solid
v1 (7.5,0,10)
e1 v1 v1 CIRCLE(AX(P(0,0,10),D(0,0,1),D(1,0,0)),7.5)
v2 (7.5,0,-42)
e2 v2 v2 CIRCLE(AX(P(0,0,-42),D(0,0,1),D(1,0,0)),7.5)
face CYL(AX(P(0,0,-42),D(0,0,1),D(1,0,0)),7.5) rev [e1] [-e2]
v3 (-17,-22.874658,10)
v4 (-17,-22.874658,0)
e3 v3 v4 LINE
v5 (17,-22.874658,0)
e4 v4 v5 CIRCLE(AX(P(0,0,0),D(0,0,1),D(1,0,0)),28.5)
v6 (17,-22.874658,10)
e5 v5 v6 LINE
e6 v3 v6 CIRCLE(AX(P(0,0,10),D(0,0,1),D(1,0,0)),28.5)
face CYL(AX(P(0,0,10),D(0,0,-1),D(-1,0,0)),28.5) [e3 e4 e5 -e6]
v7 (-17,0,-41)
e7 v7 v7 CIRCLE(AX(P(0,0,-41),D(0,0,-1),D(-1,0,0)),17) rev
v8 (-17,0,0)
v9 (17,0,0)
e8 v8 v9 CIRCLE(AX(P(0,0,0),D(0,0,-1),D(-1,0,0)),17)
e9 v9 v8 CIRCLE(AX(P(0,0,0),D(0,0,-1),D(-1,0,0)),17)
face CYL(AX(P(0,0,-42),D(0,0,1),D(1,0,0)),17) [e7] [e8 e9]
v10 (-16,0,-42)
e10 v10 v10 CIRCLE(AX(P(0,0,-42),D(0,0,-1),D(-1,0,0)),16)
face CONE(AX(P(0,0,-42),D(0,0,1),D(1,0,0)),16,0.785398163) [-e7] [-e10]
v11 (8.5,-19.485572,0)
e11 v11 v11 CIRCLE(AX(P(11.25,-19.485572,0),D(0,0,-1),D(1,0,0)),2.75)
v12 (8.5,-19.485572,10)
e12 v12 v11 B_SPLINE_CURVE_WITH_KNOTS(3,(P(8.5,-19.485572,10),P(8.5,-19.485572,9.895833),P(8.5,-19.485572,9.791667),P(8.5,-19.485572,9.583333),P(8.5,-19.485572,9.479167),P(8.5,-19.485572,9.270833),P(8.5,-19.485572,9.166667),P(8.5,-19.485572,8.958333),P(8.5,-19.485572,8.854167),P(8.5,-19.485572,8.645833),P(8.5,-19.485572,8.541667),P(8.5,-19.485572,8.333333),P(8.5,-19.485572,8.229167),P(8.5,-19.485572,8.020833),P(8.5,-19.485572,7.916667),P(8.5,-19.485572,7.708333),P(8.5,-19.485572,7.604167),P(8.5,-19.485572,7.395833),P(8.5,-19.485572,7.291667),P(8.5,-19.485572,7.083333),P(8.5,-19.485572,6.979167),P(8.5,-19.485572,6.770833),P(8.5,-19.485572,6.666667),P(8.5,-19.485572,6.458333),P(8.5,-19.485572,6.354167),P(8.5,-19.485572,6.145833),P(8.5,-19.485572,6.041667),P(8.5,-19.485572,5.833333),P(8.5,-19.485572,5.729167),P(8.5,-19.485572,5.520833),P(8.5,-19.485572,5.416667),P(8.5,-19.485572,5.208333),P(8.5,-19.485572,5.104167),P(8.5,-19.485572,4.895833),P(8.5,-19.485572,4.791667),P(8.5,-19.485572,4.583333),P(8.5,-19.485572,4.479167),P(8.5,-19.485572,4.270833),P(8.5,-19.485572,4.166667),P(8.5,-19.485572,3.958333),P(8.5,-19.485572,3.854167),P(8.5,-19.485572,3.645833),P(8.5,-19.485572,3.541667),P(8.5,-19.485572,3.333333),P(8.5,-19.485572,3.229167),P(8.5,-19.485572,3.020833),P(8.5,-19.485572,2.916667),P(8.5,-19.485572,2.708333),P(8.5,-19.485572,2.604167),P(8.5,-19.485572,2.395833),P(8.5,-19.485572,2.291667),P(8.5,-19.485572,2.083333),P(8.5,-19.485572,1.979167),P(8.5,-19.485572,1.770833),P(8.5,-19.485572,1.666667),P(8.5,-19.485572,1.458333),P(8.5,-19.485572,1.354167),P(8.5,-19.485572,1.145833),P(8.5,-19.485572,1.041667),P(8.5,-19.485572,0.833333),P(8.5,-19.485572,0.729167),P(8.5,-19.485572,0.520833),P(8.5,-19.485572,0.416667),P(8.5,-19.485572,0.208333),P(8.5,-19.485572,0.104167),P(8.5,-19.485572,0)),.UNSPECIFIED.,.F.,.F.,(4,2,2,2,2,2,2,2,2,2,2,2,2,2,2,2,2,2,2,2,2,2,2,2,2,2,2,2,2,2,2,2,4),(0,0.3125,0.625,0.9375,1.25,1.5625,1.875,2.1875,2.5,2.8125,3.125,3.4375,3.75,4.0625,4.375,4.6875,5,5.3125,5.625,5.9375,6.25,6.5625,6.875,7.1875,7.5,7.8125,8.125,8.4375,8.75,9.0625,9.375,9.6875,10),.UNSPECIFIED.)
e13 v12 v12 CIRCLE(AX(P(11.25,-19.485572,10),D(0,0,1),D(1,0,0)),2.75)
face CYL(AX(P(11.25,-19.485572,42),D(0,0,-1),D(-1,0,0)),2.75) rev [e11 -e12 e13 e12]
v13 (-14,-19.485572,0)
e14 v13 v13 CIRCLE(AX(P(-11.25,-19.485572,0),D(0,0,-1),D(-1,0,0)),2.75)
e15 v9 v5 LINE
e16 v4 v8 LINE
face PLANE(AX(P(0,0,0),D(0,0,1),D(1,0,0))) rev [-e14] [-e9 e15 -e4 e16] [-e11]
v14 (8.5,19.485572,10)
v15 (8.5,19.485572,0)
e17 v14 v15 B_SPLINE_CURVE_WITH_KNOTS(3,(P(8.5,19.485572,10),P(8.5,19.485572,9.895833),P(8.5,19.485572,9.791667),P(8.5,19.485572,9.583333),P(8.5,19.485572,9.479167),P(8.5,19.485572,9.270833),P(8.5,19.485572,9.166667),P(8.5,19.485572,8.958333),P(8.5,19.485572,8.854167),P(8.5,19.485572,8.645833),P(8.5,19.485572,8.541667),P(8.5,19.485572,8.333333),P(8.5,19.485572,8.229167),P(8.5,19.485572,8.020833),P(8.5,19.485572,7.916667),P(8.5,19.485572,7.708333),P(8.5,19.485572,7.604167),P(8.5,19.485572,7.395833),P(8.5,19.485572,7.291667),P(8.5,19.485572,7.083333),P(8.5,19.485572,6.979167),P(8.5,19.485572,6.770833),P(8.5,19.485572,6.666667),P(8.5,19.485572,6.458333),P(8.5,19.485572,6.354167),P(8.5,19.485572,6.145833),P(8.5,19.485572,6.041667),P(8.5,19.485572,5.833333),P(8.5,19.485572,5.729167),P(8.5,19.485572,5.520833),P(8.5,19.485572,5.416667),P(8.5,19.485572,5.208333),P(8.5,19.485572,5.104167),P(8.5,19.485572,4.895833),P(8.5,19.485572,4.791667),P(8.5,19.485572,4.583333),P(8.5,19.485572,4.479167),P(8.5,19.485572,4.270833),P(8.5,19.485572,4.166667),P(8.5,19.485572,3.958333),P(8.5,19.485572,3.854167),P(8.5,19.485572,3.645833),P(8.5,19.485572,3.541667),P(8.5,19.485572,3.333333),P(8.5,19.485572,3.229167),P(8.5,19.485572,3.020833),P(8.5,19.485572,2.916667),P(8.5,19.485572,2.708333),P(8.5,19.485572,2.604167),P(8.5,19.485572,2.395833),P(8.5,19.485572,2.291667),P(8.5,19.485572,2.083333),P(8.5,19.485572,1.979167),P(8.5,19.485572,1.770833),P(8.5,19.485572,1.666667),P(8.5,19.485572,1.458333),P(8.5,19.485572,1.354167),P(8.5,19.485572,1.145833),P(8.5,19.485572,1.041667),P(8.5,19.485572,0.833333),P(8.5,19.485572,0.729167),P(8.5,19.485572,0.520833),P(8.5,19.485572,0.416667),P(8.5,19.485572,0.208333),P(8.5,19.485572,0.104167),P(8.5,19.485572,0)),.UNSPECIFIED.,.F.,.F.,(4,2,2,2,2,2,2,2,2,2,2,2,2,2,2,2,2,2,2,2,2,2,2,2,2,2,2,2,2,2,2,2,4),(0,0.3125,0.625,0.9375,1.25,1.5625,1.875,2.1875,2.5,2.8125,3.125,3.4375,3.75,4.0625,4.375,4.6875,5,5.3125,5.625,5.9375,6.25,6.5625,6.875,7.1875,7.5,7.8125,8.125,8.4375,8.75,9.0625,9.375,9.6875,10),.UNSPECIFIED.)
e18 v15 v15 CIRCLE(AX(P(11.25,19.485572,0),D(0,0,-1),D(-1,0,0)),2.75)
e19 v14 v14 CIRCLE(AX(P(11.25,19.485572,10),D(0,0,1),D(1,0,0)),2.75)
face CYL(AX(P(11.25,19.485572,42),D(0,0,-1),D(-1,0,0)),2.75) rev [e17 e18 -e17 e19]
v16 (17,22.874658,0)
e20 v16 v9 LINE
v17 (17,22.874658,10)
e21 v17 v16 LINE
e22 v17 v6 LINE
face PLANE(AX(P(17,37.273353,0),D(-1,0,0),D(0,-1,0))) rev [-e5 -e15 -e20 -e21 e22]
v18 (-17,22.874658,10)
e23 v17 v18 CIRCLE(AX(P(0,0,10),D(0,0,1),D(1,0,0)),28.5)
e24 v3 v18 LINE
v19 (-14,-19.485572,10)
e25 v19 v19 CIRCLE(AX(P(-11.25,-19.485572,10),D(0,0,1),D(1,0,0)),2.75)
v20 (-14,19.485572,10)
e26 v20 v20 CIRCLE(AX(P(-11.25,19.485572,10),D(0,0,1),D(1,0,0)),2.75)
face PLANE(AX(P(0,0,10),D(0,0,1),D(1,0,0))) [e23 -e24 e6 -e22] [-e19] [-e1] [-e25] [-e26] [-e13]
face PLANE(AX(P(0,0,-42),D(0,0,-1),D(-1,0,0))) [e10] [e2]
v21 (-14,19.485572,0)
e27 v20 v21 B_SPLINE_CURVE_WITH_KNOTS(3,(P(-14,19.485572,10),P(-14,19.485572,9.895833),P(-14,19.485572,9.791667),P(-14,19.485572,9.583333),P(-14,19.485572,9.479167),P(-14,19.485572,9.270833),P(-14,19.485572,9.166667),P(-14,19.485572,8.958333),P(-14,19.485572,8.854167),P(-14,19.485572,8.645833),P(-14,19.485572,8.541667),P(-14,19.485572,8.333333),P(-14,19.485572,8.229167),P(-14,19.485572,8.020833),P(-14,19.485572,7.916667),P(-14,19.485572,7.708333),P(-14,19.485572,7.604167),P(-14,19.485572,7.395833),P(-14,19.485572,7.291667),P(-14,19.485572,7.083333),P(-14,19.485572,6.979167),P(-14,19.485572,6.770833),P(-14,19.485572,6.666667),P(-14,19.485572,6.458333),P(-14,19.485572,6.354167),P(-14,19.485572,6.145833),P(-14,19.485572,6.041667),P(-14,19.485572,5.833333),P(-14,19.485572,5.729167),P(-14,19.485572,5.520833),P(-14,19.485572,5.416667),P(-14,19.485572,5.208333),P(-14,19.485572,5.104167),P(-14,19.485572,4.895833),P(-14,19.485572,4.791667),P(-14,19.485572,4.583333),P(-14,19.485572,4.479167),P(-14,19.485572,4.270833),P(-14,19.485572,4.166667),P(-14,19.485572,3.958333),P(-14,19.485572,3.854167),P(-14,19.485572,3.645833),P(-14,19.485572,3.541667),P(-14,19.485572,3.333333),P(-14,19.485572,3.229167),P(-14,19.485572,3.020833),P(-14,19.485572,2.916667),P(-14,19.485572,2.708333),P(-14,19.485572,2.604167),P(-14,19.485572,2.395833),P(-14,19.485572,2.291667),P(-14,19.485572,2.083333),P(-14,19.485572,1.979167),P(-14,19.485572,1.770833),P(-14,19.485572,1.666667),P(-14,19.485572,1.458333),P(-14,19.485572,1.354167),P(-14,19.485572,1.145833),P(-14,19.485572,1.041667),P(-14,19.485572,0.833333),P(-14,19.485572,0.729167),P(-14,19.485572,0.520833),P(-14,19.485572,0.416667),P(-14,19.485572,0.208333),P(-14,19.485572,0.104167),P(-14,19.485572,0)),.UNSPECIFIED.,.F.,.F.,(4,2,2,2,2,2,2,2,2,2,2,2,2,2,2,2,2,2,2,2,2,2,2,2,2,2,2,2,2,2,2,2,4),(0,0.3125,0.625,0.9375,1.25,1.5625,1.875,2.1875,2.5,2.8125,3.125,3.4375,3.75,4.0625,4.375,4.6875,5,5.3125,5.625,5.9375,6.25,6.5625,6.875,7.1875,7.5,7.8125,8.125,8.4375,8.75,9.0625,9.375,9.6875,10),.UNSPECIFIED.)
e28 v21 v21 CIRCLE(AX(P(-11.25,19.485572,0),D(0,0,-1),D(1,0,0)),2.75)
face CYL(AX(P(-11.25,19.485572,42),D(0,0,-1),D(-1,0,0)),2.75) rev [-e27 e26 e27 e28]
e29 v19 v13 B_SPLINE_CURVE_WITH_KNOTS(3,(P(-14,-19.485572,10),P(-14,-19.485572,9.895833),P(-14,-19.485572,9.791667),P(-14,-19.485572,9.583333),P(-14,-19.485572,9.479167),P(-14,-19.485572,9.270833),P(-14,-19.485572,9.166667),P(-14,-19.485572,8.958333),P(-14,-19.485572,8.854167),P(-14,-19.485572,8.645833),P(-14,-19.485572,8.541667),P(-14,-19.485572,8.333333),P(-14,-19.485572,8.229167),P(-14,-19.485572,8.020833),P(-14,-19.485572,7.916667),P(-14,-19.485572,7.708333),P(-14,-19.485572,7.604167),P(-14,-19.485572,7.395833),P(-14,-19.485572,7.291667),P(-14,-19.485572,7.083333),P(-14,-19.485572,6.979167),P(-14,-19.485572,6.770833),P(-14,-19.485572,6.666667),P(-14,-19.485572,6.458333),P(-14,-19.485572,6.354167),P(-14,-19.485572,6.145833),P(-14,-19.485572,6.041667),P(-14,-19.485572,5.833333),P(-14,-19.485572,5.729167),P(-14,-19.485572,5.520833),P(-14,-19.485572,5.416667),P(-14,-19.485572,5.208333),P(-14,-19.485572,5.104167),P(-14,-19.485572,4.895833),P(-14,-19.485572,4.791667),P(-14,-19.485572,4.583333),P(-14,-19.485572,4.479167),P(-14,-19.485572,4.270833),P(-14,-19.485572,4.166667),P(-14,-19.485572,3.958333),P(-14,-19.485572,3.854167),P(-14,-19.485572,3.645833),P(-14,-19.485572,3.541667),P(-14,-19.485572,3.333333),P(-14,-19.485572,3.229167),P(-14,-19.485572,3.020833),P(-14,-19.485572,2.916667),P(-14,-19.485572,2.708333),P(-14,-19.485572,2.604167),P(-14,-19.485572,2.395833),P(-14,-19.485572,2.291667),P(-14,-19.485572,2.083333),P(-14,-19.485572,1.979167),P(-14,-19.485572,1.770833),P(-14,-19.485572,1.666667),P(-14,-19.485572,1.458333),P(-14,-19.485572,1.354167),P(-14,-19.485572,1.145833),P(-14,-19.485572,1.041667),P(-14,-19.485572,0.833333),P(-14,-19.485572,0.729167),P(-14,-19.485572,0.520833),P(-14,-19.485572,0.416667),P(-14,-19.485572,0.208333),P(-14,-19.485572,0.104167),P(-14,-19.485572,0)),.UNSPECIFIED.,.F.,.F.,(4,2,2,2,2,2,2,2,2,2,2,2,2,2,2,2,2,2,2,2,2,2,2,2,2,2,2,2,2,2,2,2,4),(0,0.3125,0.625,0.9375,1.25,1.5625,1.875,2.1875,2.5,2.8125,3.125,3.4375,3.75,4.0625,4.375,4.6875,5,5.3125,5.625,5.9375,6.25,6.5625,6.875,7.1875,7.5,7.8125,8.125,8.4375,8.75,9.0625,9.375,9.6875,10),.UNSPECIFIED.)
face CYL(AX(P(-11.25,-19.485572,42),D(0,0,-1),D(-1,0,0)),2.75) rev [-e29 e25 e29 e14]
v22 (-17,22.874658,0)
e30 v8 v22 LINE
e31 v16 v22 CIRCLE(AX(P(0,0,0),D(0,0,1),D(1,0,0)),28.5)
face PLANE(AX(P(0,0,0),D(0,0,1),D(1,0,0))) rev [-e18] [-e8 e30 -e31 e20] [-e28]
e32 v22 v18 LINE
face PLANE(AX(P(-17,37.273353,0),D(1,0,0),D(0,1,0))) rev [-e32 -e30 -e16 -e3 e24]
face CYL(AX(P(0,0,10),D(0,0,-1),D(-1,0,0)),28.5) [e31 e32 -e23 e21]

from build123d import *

# Parameters (mm, degrees)
SKETCH_1_R          = 28.5
EXTRUDE_1_DEPTH     = 10
SKETCH_2_W          = 42.780685773
SKETCH_2_H          = 76.581039372
CUT_EXTRUDE_1_DEPTH = 42.527099586
SKETCH_3_R          = 17
EXTRUDE_2_DEPTH     = 42
SKETCH_4_R          = 2.75
CUT_EXTRUDE_2_DEPTH = 42
SKETCH_5_R          = 7.5
CUT_EXTRUDE_3_DEPTH = 62.686708455
CHAMFER_1_SIZE      = 1


with BuildPart() as part:
    # 草图1 → 凸台-拉伸1 (new body)
    with BuildSketch(Plane.XY):
        Circle(SKETCH_1_R)
    extrude(amount=EXTRUDE_1_DEPTH)

    # 草图2 → 切除-拉伸1 (cut, through all)
    with BuildSketch(Plane.XY.offset(10)):
        with Locations((-38.390342887, -1.01716671)):
            Rectangle(SKETCH_2_W, SKETCH_2_H)
        with Locations((38.390342887, -1.01716671)):
            Rectangle(SKETCH_2_W, SKETCH_2_H)
    extrude(amount=-CUT_EXTRUDE_1_DEPTH, mode=Mode.SUBTRACT)

    # 草图3 → 凸台-拉伸2 (add)
    with BuildSketch(Plane(origin=(0, 0, 0), x_dir=(-1, 0, 0), z_dir=(0, 0, -1))):
        Circle(SKETCH_3_R)
    extrude(amount=EXTRUDE_2_DEPTH)

    # 草图4 → 切除-拉伸2 (cut)
    with BuildSketch(Plane(origin=(0, 0, 0), x_dir=(-1, 0, 0), z_dir=(0, 0, -1))):
        with Locations((-11.25, 19.485571585)):
            Circle(SKETCH_4_R)
        with Locations((11.25, 19.485571585)):
            Circle(SKETCH_4_R)
        with Locations((11.25, -19.485571585)):
            Circle(SKETCH_4_R)
        with Locations((-11.25, -19.485571585)):
            Circle(SKETCH_4_R)
    extrude(amount=-CUT_EXTRUDE_2_DEPTH, mode=Mode.SUBTRACT)

    # 草图5 → 切除-拉伸3 (cut, through all)
    with BuildSketch(Plane.XY.offset(10)):
        Circle(SKETCH_5_R)
    extrude(amount=-CUT_EXTRUDE_3_DEPTH, mode=Mode.SUBTRACT)

    # 倒角1
    chamfer_1_edges = [part.edges().sort_by_distance(p)[0] for p in [
        (17, 0, -42),
    ]]
    chamfer(chamfer_1_edges, length=CHAMFER_1_SIZE)


solid = part.part
